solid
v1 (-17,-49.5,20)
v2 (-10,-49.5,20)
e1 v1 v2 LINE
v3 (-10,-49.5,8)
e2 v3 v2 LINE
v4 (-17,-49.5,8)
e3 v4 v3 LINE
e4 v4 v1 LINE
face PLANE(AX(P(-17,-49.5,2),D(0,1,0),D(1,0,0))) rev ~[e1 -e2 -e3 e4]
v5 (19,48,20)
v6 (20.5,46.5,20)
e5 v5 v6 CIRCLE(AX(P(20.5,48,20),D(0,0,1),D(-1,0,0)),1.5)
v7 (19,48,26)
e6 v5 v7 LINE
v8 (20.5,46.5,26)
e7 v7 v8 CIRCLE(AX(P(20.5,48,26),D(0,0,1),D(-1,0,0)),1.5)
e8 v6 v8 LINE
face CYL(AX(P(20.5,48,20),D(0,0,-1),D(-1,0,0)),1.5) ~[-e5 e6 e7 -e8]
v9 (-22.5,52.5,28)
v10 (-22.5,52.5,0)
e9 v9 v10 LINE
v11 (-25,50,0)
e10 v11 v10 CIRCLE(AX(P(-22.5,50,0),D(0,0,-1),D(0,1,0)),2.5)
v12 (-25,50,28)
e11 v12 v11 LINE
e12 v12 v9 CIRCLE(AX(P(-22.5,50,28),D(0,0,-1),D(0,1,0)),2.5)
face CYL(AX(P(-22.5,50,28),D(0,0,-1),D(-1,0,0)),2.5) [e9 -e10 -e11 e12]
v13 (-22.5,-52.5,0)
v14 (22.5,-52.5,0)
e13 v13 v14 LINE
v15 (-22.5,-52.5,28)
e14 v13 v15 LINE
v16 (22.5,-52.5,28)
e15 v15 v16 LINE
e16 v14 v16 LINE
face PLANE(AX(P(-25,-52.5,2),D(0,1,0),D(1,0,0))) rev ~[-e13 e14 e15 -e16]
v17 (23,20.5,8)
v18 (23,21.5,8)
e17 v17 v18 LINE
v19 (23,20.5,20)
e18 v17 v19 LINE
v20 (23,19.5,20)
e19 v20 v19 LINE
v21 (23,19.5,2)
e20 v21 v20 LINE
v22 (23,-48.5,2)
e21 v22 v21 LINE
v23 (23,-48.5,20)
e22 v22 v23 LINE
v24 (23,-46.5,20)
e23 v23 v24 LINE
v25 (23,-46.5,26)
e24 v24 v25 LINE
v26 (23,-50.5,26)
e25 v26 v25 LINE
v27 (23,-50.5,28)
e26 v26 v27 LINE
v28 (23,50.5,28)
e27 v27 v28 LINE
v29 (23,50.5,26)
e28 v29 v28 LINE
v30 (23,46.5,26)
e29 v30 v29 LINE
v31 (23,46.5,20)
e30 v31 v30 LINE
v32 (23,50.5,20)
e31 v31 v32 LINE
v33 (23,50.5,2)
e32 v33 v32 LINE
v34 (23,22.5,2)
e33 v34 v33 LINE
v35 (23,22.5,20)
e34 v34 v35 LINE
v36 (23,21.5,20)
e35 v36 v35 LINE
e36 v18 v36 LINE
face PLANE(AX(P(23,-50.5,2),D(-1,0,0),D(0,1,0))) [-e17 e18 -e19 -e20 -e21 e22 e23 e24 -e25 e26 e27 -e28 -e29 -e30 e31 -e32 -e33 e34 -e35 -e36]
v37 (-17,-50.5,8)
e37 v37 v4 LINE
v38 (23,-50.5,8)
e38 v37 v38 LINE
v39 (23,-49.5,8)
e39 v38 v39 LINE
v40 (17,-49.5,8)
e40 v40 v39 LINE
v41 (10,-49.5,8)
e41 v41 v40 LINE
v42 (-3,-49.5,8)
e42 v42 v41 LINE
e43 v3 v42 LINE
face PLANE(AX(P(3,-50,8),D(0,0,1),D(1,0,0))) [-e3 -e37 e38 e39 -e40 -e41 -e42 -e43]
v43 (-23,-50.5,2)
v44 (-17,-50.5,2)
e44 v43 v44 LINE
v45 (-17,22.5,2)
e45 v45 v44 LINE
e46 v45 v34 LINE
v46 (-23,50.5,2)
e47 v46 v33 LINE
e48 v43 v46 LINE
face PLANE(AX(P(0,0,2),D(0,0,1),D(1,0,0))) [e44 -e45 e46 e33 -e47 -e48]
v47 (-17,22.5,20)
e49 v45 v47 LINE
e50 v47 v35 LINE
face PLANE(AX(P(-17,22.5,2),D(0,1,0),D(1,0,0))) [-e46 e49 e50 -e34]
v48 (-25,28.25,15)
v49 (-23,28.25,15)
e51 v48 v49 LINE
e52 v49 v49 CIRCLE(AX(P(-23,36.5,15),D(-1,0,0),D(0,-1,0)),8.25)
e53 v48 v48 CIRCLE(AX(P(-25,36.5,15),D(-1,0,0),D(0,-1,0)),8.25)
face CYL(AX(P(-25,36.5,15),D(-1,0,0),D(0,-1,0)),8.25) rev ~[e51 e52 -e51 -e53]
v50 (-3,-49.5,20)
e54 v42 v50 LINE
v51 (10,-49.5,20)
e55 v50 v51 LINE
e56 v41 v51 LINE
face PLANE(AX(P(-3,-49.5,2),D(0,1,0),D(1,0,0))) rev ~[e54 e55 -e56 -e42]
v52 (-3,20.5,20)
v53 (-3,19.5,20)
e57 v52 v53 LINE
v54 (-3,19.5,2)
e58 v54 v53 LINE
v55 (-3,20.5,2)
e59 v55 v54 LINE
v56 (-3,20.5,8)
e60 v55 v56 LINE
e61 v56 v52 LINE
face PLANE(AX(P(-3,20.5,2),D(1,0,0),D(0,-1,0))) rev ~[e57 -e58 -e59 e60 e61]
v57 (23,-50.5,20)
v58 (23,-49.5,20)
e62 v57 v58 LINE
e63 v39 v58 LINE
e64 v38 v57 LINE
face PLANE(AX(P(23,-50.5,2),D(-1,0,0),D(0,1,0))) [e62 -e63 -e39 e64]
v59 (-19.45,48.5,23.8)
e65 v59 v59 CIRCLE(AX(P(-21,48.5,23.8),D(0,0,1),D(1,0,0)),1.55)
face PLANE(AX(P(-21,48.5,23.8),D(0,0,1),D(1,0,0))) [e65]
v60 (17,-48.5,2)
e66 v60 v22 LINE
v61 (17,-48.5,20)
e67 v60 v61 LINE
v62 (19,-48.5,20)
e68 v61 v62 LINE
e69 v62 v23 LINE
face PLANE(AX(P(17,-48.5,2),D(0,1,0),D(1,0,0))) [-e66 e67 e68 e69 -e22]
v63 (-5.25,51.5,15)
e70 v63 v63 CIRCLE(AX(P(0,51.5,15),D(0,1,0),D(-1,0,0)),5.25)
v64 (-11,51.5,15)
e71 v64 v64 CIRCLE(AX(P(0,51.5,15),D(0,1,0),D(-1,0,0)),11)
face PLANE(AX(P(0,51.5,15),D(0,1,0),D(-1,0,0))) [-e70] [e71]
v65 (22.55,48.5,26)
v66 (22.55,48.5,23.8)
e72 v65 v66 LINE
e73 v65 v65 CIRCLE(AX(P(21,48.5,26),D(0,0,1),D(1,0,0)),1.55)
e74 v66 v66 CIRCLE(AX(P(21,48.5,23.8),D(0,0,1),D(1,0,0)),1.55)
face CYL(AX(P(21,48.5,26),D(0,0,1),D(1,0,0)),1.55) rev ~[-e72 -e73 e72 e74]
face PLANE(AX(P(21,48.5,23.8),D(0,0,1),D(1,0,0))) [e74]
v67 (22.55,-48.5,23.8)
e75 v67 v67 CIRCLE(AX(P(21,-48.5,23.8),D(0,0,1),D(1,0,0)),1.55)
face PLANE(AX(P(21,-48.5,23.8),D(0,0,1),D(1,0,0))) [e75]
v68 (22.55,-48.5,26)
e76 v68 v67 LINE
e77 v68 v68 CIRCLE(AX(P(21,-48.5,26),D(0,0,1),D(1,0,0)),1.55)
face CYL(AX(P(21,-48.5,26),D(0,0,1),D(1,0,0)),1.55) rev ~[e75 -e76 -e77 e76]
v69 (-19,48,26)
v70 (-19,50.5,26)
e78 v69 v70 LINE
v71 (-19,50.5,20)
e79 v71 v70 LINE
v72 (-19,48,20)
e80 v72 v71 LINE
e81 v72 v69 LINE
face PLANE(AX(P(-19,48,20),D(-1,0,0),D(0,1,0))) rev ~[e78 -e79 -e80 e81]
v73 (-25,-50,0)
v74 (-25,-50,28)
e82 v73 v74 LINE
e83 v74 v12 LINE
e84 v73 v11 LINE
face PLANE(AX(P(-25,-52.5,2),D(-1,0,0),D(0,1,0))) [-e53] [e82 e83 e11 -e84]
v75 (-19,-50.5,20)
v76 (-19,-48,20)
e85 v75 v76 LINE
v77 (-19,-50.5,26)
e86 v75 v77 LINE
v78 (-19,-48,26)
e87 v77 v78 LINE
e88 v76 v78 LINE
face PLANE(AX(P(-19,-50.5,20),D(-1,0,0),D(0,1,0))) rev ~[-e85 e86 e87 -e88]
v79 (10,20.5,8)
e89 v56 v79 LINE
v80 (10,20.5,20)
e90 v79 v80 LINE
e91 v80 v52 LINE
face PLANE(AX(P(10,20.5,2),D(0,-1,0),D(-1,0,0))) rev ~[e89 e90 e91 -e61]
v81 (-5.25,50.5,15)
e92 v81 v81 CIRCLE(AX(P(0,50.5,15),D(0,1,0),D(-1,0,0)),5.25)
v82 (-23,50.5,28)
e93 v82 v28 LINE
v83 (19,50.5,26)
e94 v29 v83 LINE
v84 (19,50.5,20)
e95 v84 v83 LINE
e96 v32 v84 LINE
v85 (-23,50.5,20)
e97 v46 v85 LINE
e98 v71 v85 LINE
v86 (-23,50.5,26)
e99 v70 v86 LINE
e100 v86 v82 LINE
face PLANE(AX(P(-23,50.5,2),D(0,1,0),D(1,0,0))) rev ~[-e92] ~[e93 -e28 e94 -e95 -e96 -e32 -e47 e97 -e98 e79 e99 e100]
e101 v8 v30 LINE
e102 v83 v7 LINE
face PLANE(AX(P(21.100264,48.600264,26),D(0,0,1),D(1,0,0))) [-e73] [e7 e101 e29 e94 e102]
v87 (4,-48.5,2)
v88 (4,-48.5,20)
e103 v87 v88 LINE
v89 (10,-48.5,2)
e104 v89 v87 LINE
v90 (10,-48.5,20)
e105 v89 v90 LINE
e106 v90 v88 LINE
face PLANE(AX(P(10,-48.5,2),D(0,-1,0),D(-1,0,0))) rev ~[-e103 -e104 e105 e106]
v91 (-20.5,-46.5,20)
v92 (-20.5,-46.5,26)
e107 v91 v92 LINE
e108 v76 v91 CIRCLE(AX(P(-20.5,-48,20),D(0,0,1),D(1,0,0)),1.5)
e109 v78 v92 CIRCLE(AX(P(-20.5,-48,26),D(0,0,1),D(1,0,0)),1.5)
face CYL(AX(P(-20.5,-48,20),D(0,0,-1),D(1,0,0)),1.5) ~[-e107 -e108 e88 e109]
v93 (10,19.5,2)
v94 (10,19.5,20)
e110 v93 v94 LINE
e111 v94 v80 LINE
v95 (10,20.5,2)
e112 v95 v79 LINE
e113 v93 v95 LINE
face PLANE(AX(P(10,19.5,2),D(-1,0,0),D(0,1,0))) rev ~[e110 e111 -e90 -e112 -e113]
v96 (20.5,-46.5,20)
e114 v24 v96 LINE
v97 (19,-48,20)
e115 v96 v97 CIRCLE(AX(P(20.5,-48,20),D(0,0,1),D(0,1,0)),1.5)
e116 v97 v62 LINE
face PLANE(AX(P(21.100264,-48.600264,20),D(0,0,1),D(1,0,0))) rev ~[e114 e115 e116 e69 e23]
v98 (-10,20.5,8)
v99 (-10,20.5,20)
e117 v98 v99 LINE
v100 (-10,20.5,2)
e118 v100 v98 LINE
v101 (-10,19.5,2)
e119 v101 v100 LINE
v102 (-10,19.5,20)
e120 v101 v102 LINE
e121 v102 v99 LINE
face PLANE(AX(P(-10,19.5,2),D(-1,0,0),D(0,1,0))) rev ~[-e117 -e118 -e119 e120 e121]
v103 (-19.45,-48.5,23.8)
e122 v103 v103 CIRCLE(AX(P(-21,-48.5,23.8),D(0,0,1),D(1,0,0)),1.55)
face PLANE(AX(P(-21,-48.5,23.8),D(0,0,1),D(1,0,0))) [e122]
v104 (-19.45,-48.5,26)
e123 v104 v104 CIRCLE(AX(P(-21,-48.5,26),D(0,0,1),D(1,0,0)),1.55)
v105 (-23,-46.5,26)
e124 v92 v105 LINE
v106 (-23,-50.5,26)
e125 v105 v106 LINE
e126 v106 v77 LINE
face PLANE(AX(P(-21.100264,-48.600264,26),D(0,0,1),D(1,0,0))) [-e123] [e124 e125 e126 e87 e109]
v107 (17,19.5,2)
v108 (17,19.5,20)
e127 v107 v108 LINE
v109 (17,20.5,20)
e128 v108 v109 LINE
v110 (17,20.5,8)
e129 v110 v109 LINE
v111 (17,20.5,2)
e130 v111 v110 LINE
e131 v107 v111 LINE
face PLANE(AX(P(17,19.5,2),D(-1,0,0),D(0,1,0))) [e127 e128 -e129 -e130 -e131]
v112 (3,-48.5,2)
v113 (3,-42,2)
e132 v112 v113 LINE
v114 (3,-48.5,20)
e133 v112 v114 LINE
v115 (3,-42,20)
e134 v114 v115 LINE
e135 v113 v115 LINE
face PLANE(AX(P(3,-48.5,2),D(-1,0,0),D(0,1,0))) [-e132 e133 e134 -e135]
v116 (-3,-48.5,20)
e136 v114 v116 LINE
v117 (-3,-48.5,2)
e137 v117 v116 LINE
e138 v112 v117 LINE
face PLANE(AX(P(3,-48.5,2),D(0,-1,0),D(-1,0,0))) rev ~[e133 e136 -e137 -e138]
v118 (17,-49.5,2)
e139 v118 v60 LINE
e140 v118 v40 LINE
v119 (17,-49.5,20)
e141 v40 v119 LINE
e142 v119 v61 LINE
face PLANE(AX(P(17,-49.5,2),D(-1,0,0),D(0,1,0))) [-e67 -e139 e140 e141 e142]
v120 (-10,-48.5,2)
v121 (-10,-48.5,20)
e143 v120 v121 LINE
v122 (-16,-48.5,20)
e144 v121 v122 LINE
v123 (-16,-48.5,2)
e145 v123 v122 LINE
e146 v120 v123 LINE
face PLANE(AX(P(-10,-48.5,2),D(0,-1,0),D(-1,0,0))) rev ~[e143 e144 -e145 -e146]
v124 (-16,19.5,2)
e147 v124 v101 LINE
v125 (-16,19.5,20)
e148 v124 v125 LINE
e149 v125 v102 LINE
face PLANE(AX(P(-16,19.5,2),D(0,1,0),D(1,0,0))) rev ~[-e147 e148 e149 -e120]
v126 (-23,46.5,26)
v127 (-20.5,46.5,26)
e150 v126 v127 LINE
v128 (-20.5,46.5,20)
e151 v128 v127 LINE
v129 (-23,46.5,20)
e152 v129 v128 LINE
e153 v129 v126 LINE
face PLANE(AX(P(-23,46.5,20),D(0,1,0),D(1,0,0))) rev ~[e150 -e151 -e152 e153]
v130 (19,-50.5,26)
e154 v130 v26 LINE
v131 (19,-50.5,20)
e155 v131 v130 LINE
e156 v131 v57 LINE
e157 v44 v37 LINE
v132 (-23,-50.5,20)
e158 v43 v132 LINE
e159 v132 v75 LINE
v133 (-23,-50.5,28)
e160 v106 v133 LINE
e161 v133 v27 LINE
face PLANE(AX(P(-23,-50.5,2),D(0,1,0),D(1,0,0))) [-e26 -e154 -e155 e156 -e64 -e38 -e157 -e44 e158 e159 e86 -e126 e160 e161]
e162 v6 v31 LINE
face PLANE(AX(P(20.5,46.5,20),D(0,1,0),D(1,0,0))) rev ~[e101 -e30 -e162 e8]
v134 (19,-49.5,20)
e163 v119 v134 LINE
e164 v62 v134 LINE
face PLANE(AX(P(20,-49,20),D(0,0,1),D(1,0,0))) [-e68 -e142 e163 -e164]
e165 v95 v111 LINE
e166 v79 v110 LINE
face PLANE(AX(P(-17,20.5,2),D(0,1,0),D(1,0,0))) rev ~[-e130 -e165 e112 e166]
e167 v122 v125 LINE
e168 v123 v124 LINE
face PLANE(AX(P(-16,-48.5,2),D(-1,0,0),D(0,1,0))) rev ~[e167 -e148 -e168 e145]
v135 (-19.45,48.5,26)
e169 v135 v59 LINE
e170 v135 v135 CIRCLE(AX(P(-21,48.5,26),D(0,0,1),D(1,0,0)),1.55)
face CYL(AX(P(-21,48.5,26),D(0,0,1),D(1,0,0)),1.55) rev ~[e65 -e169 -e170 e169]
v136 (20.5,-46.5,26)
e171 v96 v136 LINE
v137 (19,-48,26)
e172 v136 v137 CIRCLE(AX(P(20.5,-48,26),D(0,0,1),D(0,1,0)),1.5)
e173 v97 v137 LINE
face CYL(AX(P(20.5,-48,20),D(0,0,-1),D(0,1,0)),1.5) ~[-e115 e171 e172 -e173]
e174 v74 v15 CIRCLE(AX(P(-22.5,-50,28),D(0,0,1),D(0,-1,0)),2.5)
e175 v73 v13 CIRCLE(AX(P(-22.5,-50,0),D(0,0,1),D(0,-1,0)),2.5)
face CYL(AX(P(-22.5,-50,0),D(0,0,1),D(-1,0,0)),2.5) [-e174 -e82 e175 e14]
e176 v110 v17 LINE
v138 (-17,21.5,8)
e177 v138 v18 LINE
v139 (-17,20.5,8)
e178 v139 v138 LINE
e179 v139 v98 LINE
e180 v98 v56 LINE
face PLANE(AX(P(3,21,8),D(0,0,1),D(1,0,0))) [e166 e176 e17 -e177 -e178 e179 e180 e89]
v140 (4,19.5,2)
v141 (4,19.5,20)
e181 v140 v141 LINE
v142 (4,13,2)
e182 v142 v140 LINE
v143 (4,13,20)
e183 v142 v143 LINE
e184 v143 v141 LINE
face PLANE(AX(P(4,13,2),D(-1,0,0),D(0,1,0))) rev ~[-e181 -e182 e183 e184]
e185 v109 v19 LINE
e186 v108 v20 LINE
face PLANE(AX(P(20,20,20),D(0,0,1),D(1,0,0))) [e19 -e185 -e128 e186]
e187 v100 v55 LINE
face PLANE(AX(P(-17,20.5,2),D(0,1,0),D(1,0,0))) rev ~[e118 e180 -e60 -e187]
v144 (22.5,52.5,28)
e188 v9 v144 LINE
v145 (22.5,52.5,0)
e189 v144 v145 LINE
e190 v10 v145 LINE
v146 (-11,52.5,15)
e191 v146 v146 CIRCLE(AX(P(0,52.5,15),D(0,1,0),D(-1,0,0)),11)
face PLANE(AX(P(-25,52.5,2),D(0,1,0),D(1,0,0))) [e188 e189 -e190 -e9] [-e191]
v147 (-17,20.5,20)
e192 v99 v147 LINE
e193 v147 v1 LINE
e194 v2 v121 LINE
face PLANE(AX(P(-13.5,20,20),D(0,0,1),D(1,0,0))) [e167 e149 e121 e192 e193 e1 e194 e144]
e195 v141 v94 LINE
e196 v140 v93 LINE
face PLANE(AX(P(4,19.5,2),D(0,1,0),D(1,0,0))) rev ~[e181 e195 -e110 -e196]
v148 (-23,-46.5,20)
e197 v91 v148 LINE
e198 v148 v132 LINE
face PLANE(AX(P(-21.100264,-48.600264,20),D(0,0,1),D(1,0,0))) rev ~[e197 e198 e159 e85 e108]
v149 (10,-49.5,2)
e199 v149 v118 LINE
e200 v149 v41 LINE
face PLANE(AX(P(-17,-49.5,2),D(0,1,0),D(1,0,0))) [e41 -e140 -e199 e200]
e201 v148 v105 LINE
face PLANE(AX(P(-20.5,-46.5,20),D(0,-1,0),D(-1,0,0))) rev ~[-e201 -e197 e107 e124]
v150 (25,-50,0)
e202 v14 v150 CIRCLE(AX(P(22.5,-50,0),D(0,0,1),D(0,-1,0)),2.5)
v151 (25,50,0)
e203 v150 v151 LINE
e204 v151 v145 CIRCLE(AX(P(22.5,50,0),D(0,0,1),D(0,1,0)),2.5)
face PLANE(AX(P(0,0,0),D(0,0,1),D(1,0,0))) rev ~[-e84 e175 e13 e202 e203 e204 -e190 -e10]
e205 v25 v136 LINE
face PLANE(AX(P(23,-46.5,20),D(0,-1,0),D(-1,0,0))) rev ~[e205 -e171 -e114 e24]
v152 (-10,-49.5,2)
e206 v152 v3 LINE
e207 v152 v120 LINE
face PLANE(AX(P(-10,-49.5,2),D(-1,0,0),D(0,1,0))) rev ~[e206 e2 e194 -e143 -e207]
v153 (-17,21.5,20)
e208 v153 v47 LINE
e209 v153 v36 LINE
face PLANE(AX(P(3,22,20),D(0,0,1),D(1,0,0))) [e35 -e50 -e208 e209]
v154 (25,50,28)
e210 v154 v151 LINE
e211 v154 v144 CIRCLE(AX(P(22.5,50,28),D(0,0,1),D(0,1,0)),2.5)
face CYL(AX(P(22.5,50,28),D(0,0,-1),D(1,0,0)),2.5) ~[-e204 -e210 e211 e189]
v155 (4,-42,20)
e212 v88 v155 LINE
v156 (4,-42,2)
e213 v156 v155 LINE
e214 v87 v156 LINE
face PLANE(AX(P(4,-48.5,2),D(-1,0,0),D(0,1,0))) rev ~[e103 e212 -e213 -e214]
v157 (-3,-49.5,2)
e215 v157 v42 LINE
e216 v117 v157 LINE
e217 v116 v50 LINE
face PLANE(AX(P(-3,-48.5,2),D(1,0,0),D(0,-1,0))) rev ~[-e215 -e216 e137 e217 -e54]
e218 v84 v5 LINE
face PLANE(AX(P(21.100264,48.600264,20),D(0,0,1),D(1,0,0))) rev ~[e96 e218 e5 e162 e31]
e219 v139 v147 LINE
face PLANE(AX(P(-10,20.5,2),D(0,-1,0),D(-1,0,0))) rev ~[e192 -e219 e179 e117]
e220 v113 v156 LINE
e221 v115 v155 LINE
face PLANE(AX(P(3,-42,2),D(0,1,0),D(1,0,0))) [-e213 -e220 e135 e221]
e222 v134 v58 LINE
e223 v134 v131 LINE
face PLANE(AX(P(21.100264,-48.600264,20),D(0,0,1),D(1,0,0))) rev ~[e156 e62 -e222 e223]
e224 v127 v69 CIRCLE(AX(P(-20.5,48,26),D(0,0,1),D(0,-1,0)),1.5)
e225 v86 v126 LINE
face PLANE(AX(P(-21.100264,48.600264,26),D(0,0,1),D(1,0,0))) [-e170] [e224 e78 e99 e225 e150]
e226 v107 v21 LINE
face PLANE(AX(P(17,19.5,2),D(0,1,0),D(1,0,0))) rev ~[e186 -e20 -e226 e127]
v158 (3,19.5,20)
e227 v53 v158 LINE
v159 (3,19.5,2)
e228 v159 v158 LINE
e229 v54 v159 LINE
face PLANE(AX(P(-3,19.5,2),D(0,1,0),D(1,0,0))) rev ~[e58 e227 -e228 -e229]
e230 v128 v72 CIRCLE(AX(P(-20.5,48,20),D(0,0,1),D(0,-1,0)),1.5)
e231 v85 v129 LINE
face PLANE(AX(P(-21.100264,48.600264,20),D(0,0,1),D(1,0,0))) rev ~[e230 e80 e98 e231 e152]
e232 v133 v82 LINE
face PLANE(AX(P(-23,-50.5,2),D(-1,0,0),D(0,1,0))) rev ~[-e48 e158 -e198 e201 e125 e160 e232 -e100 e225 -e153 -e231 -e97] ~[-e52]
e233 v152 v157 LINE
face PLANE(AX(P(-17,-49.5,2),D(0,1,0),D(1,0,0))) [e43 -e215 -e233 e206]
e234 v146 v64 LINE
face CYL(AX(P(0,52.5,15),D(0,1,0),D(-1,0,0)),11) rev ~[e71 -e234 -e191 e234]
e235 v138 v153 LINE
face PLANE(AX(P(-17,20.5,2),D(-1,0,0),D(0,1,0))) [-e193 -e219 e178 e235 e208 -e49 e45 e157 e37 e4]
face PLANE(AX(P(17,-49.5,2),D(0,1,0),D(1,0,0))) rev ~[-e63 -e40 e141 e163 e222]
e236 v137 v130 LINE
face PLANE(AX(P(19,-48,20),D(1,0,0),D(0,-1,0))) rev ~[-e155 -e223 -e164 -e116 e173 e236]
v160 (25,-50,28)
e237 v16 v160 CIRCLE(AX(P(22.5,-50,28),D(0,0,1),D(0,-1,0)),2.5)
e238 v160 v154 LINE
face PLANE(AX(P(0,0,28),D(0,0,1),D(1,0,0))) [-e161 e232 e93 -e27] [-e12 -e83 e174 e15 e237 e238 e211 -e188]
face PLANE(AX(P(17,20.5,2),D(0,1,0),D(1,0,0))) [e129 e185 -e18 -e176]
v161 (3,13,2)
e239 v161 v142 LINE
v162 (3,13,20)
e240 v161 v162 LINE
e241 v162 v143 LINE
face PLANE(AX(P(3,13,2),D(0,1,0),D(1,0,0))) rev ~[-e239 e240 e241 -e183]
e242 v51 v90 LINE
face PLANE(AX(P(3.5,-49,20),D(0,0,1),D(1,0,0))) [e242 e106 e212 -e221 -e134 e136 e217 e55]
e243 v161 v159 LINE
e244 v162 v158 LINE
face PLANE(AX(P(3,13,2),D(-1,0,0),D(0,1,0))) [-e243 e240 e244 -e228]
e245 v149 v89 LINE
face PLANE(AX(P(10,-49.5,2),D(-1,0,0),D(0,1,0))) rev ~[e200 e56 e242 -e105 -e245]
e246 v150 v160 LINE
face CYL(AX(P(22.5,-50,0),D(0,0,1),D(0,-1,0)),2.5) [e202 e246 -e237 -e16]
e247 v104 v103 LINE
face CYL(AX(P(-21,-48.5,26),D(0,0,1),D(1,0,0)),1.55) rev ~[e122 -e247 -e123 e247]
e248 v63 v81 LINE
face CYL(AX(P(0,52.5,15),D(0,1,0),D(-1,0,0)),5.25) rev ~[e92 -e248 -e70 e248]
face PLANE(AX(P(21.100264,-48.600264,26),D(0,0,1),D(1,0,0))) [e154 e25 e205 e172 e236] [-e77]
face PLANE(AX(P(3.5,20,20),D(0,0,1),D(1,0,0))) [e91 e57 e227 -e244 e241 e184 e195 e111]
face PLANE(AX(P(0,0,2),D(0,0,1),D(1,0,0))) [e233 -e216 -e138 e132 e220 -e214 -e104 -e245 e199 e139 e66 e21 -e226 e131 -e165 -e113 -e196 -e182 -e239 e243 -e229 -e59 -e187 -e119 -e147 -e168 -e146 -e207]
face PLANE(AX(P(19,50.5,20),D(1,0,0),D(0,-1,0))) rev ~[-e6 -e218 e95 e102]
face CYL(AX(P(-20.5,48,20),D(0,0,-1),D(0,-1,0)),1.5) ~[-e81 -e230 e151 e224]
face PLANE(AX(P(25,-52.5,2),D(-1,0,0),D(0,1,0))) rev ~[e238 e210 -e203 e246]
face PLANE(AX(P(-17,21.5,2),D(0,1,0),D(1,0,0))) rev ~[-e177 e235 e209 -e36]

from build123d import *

# Parameters (mm, degrees)
F3_W      = 50
F3_H      = 105
F4_DEPTH  = 2
F5_W      = 50
F5_H      = 105
F5_W_2    = 46
F5_H_2    = 101
F6_DEPTH  = 26
F7_R      = 2.5
F8_R      = 8.25
F9_DEPTH  = 2
F10_R     = 5.25
F11_DEPTH = 2
F13_W     = 6
F13_H     = 1
F13_W_2   = 1
F13_H_2   = 6.5
F13_H_3   = 68
F13_W_3   = 40
F14_DEPTH = 18
F15_W     = 40
F15_H     = 1
F16_DEPTH = 6
F18_DEPTH = 6
F19_R     = 1.55
F20_DEPTH = 2.2
F12_R     = 11
F21_DEPTH = 1


with BuildPart() as f4:
    # F3 (on Top) → F4 (new body)
    with BuildSketch(Plane.XY):
        Rectangle(F3_W, F3_H)
    extrude(amount=F4_DEPTH)

    # F5 (on face) → F6 (join)
    with BuildSketch(Plane.XY.offset(2)):
        Rectangle(F5_W, F5_H)
        Rectangle(F5_W_2, F5_H_2, mode=Mode.SUBTRACT)
    extrude(amount=F6_DEPTH)

    # F7
    f7_edges = [f4.edges().sort_by_distance(p)[0] for p in [
        (-25, 52.5, 14),
        (25, 52.5, 14),
        (25, -52.5, 14),
        (-25, -52.5, 14),
    ]]
    fillet(f7_edges, radius=F7_R)

    # F8 (on face) → F9 (cut)
    with BuildSketch(Plane(origin=(-25, 0, 0), x_dir=(0, -1, 0), z_dir=(-1, 0, 0))):
        with Locations((-36.5, 15)):
            Circle(F8_R)
    extrude(amount=-F9_DEPTH, mode=Mode.SUBTRACT)

    # F10 (on face) → F11 (cut)
    with BuildSketch(Plane(origin=(0, 52.5, 0), x_dir=(-1, 0, 0), z_dir=(0, 1, 0))):
        with Locations((0, 15)):
            Circle(F10_R)
    extrude(amount=-F11_DEPTH, mode=Mode.SUBTRACT)

    # F13 (on face) → F14 (join)
    with BuildSketch(Plane.XY.offset(2)):
        with Locations((20, 20)):
            Rectangle(F13_W, F13_H)
        with Locations((20, -49)):
            Rectangle(F13_W, F13_H)
        Polygon((10, 20.5), (-3, 20.5), (-3, 19.5), (3, 19.5), (4, 19.5), (10, 19.5), align=None)
        with Locations((3.5, 16.25)):
            Rectangle(F13_W_2, F13_H_2)
        Polygon((-3, -48.5), (-3, -49.5), (10, -49.5), (10, -48.5), (4, -48.5), (3, -48.5), align=None)
        with Locations((3.5, -45.25)):
            Rectangle(F13_W_2, F13_H_2)
        Polygon((-10, 19.5), (-10, 20.5), (-17, 20.5), (-17, 19.5), (-16, 19.5), align=None)
        with Locations((-16.5, -14.5)):
            Rectangle(F13_W_2, F13_H_3)
        Polygon((-16, -48.5), (-17, -48.5), (-17, -49.5), (-10, -49.5), (-10, -48.5), align=None)
        with Locations((3, 22)):
            Rectangle(F13_W_3, F13_H)
    extrude(amount=F14_DEPTH)

    # F15 (on face) → F16 (join)
    with BuildSketch(Plane.XY.offset(2)):
        with Locations((3, 21)):
            Rectangle(F15_W, F15_H)
        with Locations((3, -50)):
            Rectangle(F15_W, F15_H)
    extrude(amount=F16_DEPTH)

    # F17 (on face) → F18 (join)
    with BuildSketch(Plane.XY.offset(20)):
        with BuildLine():
            Line((-23, 46.5), (-20.5, 46.5))
            ThreePointArc((-20.5, 46.5), (-19.4393398282, 46.9393398282), (-19, 48))
            Line((-19, 48), (-19, 50.5))
            Line((-19, 50.5), (-23, 50.5))
            Line((-23, 50.5), (-23, 46.5))
        make_face()
        with BuildLine():
            ThreePointArc((19, 48), (19.4393398282, 46.9393398282), (20.5, 46.5))
            Line((20.5, 46.5), (23, 46.5))
            Line((23, 46.5), (23, 50.5))
            Line((23, 50.5), (19, 50.5))
            Line((19, 50.5), (19, 48))
        make_face()
        with BuildLine():
            ThreePointArc((20.5, -46.5), (19.4393398282, -46.9393398282), (19, -48))
            Line((19, -48), (19, -50.5))
            Line((19, -50.5), (23, -50.5))
            Line((23, -50.5), (23, -46.5))
            Line((23, -46.5), (20.5, -46.5))
        make_face()
        with BuildLine():
            ThreePointArc((-19, -48), (-19.4393398282, -46.9393398282), (-20.5, -46.5))
            Line((-20.5, -46.5), (-23, -46.5))
            Line((-23, -46.5), (-23, -50.5))
            Line((-23, -50.5), (-19, -50.5))
            Line((-19, -50.5), (-19, -48))
        make_face()
    extrude(amount=F18_DEPTH)

    # F19 (on face) → F20 (cut)
    with BuildSketch(Plane.XY.offset(26)):
        with Locations((-21, 48.5)):
            Circle(F19_R)
        with Locations((21, 48.5)):
            Circle(F19_R)
        with Locations((-21, -48.5)):
            Circle(F19_R)
        with Locations((21, -48.5)):
            Circle(F19_R)
    extrude(amount=-F20_DEPTH, mode=Mode.SUBTRACT)

    # F12 (on face) → F21 (cut)
    with BuildSketch(Plane(origin=(0, 52.5, 0), x_dir=(-1, 0, 0), z_dir=(0, 1, 0))):
        with Locations((0, 15)):
            Circle(F12_R)
    extrude(amount=-F21_DEPTH, mode=Mode.SUBTRACT)


solid = f4.part
